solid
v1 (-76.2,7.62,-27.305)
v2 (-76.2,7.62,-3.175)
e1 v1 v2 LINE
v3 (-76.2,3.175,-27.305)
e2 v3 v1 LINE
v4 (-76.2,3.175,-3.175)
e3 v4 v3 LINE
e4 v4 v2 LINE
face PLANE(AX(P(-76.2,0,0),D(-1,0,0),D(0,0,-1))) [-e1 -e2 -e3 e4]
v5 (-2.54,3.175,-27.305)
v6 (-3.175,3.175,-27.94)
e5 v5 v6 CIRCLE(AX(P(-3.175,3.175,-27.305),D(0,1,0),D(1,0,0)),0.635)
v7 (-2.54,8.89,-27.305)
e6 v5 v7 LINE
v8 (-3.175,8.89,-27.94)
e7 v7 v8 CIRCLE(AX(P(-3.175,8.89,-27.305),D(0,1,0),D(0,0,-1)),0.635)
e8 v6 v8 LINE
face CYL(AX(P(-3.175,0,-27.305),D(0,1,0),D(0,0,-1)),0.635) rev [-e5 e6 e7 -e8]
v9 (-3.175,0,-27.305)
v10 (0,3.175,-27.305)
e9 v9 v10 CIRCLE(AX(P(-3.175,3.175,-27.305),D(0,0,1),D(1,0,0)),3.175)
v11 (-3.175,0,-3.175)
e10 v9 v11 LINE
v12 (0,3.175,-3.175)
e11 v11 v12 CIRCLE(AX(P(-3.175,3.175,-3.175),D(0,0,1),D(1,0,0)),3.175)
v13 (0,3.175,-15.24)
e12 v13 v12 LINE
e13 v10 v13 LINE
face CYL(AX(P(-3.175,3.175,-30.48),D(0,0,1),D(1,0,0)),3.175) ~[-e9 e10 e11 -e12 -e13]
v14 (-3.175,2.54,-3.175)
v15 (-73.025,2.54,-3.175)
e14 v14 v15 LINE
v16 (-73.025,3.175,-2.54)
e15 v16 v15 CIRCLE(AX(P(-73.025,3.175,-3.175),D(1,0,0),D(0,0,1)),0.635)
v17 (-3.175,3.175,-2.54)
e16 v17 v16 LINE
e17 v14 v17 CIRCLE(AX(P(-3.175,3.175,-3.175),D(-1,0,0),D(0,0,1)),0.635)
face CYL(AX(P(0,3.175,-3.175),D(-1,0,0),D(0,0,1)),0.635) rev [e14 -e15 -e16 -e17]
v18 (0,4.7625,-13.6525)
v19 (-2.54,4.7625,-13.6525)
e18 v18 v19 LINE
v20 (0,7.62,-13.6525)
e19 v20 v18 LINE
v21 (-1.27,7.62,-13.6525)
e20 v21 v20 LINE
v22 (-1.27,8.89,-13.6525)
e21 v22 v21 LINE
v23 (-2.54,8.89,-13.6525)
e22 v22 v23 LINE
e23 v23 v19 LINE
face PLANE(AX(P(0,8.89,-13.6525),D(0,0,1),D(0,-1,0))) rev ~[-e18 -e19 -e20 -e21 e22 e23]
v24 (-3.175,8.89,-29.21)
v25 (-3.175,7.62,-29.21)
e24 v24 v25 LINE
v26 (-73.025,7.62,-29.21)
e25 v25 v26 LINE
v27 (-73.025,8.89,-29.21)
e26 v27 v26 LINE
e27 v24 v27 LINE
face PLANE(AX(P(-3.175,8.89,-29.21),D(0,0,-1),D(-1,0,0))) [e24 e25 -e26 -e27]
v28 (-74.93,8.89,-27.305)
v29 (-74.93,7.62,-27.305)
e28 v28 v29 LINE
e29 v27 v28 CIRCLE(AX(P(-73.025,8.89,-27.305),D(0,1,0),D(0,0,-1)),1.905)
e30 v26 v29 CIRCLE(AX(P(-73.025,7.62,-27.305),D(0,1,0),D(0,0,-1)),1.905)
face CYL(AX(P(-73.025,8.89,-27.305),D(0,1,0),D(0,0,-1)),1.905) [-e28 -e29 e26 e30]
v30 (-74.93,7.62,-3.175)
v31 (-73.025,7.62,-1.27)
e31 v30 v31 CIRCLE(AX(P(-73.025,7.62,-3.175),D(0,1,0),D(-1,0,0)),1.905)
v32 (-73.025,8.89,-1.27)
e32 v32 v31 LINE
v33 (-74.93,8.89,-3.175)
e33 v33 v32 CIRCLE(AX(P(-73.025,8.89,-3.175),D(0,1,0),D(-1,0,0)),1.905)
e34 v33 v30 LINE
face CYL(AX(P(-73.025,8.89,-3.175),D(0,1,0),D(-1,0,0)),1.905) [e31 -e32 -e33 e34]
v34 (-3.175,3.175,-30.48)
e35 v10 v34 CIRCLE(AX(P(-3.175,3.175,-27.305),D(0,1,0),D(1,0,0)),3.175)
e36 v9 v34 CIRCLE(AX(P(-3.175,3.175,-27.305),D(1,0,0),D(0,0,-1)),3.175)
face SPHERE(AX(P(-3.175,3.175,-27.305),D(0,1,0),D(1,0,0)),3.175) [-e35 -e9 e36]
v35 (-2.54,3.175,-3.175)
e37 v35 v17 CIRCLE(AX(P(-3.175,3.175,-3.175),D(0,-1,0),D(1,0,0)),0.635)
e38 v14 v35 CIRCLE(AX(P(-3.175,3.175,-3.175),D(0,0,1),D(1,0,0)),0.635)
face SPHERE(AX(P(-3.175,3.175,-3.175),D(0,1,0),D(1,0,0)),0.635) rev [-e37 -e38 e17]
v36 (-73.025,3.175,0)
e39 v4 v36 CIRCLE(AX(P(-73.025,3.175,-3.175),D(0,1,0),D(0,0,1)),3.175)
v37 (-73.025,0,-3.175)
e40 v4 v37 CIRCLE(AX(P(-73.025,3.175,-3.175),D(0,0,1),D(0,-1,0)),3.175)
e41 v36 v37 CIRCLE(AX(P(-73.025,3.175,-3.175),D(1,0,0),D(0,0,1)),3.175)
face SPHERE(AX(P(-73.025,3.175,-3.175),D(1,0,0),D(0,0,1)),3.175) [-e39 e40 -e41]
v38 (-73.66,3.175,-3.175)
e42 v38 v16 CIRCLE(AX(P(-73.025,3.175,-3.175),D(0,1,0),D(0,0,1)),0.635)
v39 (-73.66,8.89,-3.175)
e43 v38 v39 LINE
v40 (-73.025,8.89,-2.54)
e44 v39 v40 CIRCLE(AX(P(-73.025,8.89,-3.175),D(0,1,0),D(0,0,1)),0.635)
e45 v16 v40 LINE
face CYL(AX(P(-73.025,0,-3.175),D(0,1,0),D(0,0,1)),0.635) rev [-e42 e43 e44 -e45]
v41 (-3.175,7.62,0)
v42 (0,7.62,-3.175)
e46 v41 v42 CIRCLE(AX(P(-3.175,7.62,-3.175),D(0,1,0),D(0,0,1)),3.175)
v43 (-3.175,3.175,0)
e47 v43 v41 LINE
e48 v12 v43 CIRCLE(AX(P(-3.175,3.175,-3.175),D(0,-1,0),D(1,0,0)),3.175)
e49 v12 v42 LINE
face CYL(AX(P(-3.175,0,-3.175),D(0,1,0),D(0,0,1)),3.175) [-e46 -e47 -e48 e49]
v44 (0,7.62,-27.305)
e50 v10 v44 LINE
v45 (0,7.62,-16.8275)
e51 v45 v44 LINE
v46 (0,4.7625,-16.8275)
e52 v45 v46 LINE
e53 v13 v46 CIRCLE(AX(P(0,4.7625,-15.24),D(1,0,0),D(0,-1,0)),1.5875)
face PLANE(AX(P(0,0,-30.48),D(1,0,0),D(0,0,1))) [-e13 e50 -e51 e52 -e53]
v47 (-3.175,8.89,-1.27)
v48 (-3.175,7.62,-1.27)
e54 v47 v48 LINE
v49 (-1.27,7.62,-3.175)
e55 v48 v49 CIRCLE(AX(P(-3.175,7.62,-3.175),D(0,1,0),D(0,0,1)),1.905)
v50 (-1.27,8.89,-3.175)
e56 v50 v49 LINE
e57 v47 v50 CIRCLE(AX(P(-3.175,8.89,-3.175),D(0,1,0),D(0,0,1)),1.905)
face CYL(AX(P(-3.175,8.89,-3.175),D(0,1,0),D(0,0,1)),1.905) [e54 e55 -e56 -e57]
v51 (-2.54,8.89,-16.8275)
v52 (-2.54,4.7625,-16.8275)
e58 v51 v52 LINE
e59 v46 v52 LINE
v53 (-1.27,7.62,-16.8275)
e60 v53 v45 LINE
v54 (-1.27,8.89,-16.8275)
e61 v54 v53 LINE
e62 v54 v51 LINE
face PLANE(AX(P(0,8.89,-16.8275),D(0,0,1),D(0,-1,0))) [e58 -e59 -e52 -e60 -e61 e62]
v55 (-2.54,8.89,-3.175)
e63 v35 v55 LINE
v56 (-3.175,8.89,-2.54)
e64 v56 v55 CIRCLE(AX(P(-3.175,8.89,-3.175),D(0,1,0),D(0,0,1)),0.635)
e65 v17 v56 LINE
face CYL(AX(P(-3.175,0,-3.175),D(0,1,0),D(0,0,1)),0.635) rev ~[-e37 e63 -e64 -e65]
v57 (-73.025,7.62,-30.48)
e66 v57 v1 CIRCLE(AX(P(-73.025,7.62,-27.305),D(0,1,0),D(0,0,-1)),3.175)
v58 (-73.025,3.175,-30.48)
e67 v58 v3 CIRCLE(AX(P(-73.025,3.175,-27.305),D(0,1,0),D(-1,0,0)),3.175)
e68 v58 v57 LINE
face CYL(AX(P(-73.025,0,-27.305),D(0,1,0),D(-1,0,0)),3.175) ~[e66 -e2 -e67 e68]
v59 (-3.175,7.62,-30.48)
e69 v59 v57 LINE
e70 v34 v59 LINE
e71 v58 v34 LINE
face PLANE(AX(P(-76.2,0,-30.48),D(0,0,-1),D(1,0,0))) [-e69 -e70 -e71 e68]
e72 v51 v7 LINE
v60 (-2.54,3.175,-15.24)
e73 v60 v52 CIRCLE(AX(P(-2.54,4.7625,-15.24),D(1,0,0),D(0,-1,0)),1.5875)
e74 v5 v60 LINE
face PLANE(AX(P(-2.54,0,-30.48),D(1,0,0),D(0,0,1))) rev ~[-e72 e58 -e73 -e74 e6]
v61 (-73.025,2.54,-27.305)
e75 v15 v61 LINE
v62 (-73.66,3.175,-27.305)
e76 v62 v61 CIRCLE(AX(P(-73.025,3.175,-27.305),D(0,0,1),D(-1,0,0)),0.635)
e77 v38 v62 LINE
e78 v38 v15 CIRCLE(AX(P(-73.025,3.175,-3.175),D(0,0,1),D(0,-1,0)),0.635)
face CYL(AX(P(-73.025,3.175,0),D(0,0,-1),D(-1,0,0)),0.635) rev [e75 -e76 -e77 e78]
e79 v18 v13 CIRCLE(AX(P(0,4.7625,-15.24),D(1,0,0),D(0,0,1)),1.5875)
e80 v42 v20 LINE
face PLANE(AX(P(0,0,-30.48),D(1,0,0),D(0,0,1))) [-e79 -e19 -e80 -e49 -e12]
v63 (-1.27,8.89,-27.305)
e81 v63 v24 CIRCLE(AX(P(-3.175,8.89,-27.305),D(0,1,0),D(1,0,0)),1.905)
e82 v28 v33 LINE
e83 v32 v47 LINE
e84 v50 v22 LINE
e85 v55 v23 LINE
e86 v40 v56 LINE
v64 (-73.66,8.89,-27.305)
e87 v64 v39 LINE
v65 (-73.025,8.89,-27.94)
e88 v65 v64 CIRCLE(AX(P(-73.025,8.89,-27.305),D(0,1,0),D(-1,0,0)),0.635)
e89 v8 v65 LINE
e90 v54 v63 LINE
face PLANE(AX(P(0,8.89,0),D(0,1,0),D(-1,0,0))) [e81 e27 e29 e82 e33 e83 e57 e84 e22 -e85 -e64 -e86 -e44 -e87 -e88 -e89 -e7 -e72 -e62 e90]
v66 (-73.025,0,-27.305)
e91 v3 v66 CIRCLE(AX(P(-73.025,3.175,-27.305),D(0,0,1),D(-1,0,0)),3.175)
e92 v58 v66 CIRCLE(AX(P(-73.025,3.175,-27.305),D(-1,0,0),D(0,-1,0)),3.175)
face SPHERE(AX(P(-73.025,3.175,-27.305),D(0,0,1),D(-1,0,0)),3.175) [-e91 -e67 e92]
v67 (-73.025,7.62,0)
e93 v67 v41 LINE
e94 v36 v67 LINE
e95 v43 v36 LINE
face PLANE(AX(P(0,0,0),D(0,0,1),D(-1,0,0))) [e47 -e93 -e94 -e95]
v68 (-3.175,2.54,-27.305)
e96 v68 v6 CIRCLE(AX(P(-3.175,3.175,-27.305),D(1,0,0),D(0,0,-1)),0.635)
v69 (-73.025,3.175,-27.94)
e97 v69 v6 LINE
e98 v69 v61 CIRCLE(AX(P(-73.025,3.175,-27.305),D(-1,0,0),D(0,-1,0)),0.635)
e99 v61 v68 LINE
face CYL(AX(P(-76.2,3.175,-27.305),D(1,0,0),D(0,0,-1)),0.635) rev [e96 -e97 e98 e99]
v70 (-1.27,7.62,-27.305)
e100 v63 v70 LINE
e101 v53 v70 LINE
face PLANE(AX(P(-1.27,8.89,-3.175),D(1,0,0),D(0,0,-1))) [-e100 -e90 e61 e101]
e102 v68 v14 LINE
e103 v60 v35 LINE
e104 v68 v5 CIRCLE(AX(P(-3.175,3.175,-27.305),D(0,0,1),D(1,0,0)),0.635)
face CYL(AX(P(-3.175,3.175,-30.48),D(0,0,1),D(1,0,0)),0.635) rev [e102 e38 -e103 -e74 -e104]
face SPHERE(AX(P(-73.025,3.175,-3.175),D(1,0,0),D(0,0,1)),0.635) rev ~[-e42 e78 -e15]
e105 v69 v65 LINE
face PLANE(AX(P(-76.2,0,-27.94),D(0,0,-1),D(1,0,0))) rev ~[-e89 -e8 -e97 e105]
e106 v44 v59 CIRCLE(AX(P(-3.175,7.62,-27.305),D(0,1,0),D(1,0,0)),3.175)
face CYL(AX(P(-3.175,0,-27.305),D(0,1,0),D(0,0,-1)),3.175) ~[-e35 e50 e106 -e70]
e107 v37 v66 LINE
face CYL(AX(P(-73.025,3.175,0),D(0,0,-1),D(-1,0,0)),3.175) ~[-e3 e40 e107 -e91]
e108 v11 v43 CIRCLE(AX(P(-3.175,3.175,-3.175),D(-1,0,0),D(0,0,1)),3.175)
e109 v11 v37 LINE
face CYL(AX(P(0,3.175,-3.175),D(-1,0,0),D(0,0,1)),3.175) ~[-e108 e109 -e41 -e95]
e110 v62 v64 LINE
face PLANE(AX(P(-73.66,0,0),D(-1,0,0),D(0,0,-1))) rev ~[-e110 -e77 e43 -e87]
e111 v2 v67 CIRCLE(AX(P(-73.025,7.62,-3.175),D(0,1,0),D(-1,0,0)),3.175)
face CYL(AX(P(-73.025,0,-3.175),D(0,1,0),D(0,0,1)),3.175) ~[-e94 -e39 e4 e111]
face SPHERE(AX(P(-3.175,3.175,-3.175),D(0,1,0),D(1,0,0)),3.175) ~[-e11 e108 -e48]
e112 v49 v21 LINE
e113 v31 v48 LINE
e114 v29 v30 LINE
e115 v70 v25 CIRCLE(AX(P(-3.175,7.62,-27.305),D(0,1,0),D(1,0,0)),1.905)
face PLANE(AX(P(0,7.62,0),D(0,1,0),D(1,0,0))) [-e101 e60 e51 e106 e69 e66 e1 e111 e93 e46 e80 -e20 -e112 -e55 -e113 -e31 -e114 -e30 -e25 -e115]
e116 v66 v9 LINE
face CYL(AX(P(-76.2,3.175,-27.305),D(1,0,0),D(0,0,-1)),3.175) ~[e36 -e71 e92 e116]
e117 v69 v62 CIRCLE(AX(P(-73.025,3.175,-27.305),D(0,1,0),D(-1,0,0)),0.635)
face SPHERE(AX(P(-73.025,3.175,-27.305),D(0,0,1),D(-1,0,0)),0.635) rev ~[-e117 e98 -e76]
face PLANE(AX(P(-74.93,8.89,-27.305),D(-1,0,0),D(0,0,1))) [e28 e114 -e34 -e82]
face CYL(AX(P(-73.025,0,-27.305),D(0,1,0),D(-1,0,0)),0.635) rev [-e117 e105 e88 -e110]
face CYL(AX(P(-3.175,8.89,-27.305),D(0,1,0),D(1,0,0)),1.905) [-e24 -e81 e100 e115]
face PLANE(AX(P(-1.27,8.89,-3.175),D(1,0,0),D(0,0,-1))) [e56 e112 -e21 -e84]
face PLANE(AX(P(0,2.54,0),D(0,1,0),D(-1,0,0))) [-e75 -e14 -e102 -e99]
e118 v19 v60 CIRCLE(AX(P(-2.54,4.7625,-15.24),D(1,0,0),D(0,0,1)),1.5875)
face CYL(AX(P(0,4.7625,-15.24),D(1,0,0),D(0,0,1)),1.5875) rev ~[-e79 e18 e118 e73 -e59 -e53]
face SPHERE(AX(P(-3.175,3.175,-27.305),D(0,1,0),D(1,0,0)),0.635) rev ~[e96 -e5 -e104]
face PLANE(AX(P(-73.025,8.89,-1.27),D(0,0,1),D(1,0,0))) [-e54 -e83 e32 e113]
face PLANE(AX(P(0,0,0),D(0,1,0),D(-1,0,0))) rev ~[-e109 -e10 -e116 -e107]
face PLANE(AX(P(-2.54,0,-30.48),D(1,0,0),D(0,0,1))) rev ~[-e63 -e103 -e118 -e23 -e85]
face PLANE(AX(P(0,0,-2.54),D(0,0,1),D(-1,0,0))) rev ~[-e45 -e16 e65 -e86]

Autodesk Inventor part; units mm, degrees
ref_plane "YZ Plane" through (0, 0, 0) normal (1, 0, 0) x (0, 1, 0)
ref_plane "XZ Plane" through (0, 0, 0) normal (0, 1, 0) x (-1, 0, 0)
ref_plane "XY Plane" through (0, 0, 0) normal (0, 0, 1) x (1, 0, 0)
sketch "Sketch1" plane through (0, 0, 0) normal (0, 1, 0) x (-1, 0, 0)
  line L0 (0, 0) -> (76.2, 0)
  line L1 (76.2, 0) -> (76.2, -30.48)
  line L2 (76.2, -30.48) -> (0, -30.48)
  line L3 (0, -30.48) -> (0, 0)
  dimension "d0" = 76.2
  dimension "d1" = 30.48
extrude "Extrusion1" add sketch "Sketch1" along normal blind 8.89
fillet "Fillet1" radius 3.175 8 edges at (0, 4.445, 0) (0, 4.445, -30.48) (0, 0, -15.24) (-38.1, 0, 0) (-76.2, 4.445, 0) (-76.2, 0, -15.24) (-76.2, 4.445, -30.48) (-38.1, 0, -30.48)
shell "Shell1" thickness 2.54 removed faces 1 at (-26.4583, 8.89, -20.32)
sketch "Sketch2" plane through (0, 8.89, 0) normal (0, 1, 0) x (1, 0, 0)
  arc A0 (-76.2, 3.175) -> (-73.025, 0) centre (-73.025, 3.175) ccw projected
  line L0 (-76.2, 27.305) -> (-76.2, 3.175) projected
  arc A1 (-73.025, 30.48) -> (-76.2, 27.305) centre (-73.025, 27.305) ccw projected
  line L1 (-3.175, 30.48) -> (-73.025, 30.48) projected
  line L2 (-73.025, 0) -> (-3.175, 0) projected
  arc A2 (-3.175, 0) -> (0, 3.175) centre (-3.175, 3.175) ccw projected
  line L3 (0, 3.175) -> (0, 27.305) projected
  arc A3 (0, 27.305) -> (-3.175, 30.48) centre (-3.175, 27.305) ccw projected
  arc A4 (-73.025, 29.21) -> (-74.93, 27.305) centre (-73.025, 27.305) ccw
  line L4 (-74.93, 27.305) -> (-74.93, 3.175)
  arc A5 (-74.93, 3.175) -> (-73.025, 1.27) centre (-73.025, 3.175) ccw
  line L5 (-73.025, 1.27) -> (-3.175, 1.27)
  arc A6 (-3.175, 1.27) -> (-1.27, 3.175) centre (-3.175, 3.175) ccw
  line L6 (-1.27, 3.175) -> (-1.27, 27.305)
  arc A7 (-1.27, 27.305) -> (-3.175, 29.21) centre (-3.175, 27.305) ccw
  line L7 (-3.175, 29.21) -> (-73.025, 29.21)
  point P0 (0, 0)
  dimension "d6" = 1.27
extrude "Extrusion2" cut sketch "Sketch2" against normal blind 1.27
sketch "Sketch3" plane through (0, 3.175, -3.175) normal (1, 0, 0) x (0, 0, -1)
  line L0 (0, 5.715) -> (24.13, 5.715) projected
  line L1 (12.065, 5.715) -> (12.065, 0.3712)
  line L2 (13.6525, 5.715) -> (13.6525, 1.5875)
  line L3 (10.4775, 5.715) -> (10.4775, 1.5875)
  line L4 (12.065, 0) -> (12.065, 0)
  arc A0 (10.4775, 1.5875) -> (12.065, 0) centre (12.065, 1.5875) ccw
  arc A1 (12.065, 0) -> (13.6525, 1.5875) centre (12.065, 1.5875) ccw
  line L5 (10.4775, 5.715) -> (13.6525, 5.715)
  point P0 (-3.175, -3.175)
  dimension "d9" = 1.5875
  dimension "d10" = 1.5875
  dimension "d11" = 5.715
  dimension "d12" = 1.5875
extrude "Extrusion3" cut sketch "Sketch3" against normal blind 2.54
properties part number "box_bottom"
